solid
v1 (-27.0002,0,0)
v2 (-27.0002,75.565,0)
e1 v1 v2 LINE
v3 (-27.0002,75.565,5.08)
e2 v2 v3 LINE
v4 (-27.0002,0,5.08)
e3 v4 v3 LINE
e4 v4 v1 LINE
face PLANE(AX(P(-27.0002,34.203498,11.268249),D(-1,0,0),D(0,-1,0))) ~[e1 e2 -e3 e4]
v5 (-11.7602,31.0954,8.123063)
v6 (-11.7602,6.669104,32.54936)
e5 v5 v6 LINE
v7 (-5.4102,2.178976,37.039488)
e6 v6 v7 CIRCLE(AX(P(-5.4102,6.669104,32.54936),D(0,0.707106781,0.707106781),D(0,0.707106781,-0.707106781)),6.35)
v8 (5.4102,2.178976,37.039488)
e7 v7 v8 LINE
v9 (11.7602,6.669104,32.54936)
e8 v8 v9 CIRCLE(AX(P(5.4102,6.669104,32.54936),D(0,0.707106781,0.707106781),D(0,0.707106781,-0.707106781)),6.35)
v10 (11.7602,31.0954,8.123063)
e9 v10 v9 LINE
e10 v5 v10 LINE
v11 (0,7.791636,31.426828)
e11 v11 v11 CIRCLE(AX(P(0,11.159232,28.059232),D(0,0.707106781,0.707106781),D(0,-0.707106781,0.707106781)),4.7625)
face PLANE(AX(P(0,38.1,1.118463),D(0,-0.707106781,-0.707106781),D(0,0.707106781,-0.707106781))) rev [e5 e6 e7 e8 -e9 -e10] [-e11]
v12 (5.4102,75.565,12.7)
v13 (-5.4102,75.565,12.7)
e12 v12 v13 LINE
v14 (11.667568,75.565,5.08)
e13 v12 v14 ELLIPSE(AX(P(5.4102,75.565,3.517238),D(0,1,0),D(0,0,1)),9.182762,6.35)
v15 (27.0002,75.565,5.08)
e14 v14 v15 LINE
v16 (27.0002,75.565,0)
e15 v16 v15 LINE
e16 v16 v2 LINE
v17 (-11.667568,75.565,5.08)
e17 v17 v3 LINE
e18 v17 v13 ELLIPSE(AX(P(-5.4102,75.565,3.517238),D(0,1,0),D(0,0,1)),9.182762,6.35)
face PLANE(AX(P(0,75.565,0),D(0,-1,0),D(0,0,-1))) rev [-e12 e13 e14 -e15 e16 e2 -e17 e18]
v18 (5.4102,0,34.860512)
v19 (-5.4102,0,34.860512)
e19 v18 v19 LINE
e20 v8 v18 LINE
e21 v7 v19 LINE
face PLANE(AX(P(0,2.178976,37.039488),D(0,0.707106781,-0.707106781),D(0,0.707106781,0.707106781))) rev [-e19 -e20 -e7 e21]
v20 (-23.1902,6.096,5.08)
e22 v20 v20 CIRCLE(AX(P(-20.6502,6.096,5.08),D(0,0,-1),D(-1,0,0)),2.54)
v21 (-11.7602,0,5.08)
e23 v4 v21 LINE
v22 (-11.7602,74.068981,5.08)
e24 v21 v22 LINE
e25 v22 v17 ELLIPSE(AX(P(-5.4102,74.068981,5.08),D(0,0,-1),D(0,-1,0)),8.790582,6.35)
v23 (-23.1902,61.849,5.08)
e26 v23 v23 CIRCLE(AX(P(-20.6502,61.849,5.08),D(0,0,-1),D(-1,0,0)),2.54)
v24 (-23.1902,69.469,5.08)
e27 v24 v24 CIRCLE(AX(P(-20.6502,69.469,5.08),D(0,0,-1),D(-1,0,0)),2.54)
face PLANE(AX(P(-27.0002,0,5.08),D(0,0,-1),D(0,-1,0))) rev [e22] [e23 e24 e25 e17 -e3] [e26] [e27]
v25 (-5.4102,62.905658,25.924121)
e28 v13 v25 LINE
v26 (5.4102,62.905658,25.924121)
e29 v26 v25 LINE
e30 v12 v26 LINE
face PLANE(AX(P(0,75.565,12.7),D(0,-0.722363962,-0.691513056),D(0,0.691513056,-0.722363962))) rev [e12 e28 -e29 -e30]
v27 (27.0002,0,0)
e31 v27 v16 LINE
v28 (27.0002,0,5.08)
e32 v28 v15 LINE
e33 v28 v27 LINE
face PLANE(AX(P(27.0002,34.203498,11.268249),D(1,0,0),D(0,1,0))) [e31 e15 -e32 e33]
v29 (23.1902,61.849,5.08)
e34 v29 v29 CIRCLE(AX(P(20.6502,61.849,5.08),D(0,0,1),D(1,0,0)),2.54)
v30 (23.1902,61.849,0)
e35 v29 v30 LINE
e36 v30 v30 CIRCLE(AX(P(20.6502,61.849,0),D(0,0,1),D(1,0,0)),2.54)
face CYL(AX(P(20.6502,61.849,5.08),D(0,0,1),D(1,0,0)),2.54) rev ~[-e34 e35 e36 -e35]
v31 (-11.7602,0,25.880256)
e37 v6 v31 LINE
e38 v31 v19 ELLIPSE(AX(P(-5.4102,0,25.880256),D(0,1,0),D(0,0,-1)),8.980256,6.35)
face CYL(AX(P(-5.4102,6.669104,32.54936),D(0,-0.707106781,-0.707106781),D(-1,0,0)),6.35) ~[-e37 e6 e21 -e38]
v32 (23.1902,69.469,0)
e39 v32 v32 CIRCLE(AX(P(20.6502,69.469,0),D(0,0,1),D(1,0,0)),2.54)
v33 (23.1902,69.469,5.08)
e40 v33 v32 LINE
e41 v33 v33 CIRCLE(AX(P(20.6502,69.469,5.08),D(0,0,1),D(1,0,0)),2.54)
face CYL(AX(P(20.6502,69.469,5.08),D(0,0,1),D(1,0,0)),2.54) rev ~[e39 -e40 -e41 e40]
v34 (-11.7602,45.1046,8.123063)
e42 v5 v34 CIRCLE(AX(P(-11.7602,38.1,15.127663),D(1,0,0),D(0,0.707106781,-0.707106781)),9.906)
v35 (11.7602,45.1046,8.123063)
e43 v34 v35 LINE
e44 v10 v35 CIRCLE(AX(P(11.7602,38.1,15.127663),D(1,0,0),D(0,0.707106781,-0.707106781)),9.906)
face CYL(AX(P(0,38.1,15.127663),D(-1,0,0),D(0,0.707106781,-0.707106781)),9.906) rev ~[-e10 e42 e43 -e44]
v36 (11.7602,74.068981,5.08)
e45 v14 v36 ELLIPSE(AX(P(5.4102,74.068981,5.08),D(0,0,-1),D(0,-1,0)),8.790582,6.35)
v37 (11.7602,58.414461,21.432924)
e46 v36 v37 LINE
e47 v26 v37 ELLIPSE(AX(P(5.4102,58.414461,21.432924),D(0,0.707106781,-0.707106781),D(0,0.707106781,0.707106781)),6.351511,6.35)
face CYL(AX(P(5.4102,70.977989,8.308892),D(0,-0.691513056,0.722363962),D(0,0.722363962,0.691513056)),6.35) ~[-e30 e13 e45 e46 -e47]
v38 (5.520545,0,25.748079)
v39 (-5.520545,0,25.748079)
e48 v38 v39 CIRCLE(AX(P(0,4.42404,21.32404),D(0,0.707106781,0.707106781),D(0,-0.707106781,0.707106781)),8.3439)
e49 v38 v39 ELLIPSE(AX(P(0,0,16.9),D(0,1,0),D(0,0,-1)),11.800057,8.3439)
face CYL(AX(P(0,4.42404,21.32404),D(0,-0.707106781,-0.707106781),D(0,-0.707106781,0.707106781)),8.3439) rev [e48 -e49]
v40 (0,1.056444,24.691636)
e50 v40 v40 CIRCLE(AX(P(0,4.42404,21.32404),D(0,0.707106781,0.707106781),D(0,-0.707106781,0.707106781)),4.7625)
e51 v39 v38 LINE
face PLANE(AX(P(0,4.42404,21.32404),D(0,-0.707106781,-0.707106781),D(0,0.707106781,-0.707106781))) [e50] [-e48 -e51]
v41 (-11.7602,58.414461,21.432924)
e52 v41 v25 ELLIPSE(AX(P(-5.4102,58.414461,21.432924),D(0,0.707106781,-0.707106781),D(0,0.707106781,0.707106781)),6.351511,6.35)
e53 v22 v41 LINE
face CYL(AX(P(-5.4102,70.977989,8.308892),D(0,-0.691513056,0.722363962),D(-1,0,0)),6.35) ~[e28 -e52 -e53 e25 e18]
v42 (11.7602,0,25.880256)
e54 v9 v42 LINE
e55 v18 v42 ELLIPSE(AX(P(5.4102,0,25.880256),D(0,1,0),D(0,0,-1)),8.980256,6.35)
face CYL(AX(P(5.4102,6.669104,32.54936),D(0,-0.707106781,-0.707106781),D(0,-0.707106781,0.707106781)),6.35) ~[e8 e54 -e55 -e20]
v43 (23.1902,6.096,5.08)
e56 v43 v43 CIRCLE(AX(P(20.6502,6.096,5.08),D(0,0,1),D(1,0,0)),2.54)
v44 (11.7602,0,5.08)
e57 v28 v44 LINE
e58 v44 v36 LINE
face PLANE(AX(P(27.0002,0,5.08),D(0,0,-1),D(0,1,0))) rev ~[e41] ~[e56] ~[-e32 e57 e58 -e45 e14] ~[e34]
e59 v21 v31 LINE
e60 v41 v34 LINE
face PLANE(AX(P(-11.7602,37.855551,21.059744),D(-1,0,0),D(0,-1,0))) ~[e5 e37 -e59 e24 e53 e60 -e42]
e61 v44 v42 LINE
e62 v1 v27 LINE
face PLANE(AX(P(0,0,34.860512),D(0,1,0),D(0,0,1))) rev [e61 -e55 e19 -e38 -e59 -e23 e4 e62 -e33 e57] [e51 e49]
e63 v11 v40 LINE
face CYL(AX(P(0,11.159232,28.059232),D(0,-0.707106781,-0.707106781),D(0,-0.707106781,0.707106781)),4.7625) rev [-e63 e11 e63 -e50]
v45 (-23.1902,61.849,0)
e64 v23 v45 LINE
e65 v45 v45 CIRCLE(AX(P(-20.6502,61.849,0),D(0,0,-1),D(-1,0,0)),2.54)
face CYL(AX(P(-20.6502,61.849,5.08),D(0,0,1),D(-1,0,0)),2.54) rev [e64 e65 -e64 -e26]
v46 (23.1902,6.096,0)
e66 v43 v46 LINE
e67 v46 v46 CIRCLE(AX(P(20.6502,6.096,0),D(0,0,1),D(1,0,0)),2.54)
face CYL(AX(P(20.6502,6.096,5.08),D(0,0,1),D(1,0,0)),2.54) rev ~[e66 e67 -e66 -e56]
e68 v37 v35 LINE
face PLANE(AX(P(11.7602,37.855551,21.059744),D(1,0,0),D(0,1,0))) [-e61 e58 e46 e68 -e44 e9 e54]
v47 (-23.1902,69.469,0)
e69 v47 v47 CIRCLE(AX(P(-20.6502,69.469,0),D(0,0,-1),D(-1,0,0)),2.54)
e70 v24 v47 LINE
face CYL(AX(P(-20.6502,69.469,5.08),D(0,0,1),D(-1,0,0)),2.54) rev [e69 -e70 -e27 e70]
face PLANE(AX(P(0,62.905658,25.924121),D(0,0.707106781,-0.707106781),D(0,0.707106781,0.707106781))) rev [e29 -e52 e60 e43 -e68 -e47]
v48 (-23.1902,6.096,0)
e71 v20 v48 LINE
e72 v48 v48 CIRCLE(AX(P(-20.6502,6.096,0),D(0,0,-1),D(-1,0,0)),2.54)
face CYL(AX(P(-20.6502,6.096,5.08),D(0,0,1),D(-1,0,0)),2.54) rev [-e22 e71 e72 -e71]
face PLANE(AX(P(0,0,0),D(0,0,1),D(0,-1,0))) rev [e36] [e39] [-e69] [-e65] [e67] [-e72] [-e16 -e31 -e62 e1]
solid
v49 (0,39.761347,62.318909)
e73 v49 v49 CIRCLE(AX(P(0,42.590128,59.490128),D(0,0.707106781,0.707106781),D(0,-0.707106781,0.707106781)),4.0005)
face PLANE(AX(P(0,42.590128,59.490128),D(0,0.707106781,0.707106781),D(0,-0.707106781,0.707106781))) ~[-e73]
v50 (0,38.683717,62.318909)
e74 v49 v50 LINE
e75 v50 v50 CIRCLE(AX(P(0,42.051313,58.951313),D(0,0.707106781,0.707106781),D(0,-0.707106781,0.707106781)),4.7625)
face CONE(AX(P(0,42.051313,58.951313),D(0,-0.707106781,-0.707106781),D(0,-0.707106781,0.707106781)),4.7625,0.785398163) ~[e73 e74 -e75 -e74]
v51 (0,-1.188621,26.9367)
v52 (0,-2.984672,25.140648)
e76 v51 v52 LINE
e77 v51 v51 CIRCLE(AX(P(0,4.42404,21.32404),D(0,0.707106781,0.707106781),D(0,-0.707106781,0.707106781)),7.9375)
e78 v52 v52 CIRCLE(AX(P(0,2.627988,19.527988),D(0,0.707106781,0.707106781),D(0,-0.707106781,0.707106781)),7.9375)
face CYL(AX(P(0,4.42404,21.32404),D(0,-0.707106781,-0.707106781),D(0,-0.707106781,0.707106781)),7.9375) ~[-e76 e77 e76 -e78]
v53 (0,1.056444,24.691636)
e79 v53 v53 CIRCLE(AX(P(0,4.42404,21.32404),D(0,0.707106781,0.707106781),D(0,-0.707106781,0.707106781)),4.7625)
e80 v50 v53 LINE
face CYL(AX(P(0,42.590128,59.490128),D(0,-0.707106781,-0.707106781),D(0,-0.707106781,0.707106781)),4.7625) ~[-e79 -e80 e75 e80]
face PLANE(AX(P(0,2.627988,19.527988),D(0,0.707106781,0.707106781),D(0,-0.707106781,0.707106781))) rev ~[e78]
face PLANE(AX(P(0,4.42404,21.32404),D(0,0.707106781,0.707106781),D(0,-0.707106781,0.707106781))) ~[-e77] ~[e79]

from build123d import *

# Parameters (mm, degrees)
F1_DEPTH = 27.0002
F2_R     = 9.906
F3_W     = 75.7111017068
F3_H     = 31.9594877579
F4_DEPTH = 15.24
F5_R     = 2.54
F6_DEPTH = 5.081
F8_R     = 6.35
F13_SIZE = 0.762


with BuildPart() as f1:
    # F0 (on Right) → F1 (new body)
    with BuildSketch(Plane.YZ):
        Polygon((0, 34.8605122421), (0, 0), (75.565, 0), (75.565, 12.7), (62.9056579521, 25.9241212257), (38.1, 1.1184632736), (2.1789755157, 37.0394877579), align=None)
    extrude(amount=F1_DEPTH)

    # F2
    f2_edges = [f1.edges().sort_by_distance(p)[0] for p in [
        (13.5001, 38.1, 1.118463),
    ]]
    fillet(f2_edges, radius=F2_R)

    # F3 (on face) → F4 (cut)
    with BuildSketch(Plane.YZ.offset(27.0002)):
        with Locations((37.8555508534, 21.0597438789)):
            Rectangle(F3_W, F3_H)
    extrude(amount=-F4_DEPTH, mode=Mode.SUBTRACT)

    # F5 (on face) → F6 (cut, through all)
    with BuildSketch(Plane.XY.offset(5.08)):
        with Locations((20.6502, 69.469)):
            Circle(F5_R)
        with Locations((20.6502, 61.849)):
            Circle(F5_R)
        with Locations((20.6502, 6.096)):
            Circle(F5_R)
    extrude(amount=-F6_DEPTH, mode=Mode.SUBTRACT)

    # F7: F1 across face


with BuildPart() as f1_1:
    add(f1.part)
    add(f1.part.mirror(Plane.YZ))

    # F8
    f8_edges = [f1_1.edges().sort_by_distance(p)[0] for p in [
        (-11.7602, 69.235329, 19.312061),
        (11.7602, 69.235329, 19.312061),
        (-11.7602, 1.089488, 35.95),
        (11.7602, 1.089488, 35.95),
    ]]
    fillet(f8_edges, radius=F8_R)

    # F9 (on Right) → F10 (revolve, cut)
    with BuildSketch(Plane.YZ):
        Polygon((-8.45, 8.45), (11.1592316368, 28.0592316368), (7.7916355914, 31.4268276822), (1.0564435006, 24.6916355914), (-1.4759887256, 27.2240678175), (-14.3500282715, 14.3500282715), align=None)
    revolve(axis=Axis((0, 17.8944237276, 34.7944237276), (0, 0.7071067812, 0.7071067812)), mode=Mode.SUBTRACT)


with BuildPart() as f12:
    # F11 (on Right) → F12 (revolve)
    with BuildSketch(Plane.YZ):
        Polygon((7.7916355914, 31.4268276822), (1.0564435006, 24.6916355914), (-1.1886205297, 26.9366996217), (-2.9846717539, 25.1406483974), (2.6279883218, 19.5279883218), (42.5901280605, 59.4901280605), (39.2225320151, 62.8577241059), align=None)
    revolve(axis=Axis((0, 22.6090581912, 39.5090581912), (0, 0.7071067812, 0.7071067812)))

    # F13
    f13_edges = [f12.edges().sort_by_distance(p)[0] for p in [
        (0, 45.957724, 56.122532),
    ]]
    chamfer(f13_edges, length=F13_SIZE)


solid = Compound([f1_1.part, f12.part])
